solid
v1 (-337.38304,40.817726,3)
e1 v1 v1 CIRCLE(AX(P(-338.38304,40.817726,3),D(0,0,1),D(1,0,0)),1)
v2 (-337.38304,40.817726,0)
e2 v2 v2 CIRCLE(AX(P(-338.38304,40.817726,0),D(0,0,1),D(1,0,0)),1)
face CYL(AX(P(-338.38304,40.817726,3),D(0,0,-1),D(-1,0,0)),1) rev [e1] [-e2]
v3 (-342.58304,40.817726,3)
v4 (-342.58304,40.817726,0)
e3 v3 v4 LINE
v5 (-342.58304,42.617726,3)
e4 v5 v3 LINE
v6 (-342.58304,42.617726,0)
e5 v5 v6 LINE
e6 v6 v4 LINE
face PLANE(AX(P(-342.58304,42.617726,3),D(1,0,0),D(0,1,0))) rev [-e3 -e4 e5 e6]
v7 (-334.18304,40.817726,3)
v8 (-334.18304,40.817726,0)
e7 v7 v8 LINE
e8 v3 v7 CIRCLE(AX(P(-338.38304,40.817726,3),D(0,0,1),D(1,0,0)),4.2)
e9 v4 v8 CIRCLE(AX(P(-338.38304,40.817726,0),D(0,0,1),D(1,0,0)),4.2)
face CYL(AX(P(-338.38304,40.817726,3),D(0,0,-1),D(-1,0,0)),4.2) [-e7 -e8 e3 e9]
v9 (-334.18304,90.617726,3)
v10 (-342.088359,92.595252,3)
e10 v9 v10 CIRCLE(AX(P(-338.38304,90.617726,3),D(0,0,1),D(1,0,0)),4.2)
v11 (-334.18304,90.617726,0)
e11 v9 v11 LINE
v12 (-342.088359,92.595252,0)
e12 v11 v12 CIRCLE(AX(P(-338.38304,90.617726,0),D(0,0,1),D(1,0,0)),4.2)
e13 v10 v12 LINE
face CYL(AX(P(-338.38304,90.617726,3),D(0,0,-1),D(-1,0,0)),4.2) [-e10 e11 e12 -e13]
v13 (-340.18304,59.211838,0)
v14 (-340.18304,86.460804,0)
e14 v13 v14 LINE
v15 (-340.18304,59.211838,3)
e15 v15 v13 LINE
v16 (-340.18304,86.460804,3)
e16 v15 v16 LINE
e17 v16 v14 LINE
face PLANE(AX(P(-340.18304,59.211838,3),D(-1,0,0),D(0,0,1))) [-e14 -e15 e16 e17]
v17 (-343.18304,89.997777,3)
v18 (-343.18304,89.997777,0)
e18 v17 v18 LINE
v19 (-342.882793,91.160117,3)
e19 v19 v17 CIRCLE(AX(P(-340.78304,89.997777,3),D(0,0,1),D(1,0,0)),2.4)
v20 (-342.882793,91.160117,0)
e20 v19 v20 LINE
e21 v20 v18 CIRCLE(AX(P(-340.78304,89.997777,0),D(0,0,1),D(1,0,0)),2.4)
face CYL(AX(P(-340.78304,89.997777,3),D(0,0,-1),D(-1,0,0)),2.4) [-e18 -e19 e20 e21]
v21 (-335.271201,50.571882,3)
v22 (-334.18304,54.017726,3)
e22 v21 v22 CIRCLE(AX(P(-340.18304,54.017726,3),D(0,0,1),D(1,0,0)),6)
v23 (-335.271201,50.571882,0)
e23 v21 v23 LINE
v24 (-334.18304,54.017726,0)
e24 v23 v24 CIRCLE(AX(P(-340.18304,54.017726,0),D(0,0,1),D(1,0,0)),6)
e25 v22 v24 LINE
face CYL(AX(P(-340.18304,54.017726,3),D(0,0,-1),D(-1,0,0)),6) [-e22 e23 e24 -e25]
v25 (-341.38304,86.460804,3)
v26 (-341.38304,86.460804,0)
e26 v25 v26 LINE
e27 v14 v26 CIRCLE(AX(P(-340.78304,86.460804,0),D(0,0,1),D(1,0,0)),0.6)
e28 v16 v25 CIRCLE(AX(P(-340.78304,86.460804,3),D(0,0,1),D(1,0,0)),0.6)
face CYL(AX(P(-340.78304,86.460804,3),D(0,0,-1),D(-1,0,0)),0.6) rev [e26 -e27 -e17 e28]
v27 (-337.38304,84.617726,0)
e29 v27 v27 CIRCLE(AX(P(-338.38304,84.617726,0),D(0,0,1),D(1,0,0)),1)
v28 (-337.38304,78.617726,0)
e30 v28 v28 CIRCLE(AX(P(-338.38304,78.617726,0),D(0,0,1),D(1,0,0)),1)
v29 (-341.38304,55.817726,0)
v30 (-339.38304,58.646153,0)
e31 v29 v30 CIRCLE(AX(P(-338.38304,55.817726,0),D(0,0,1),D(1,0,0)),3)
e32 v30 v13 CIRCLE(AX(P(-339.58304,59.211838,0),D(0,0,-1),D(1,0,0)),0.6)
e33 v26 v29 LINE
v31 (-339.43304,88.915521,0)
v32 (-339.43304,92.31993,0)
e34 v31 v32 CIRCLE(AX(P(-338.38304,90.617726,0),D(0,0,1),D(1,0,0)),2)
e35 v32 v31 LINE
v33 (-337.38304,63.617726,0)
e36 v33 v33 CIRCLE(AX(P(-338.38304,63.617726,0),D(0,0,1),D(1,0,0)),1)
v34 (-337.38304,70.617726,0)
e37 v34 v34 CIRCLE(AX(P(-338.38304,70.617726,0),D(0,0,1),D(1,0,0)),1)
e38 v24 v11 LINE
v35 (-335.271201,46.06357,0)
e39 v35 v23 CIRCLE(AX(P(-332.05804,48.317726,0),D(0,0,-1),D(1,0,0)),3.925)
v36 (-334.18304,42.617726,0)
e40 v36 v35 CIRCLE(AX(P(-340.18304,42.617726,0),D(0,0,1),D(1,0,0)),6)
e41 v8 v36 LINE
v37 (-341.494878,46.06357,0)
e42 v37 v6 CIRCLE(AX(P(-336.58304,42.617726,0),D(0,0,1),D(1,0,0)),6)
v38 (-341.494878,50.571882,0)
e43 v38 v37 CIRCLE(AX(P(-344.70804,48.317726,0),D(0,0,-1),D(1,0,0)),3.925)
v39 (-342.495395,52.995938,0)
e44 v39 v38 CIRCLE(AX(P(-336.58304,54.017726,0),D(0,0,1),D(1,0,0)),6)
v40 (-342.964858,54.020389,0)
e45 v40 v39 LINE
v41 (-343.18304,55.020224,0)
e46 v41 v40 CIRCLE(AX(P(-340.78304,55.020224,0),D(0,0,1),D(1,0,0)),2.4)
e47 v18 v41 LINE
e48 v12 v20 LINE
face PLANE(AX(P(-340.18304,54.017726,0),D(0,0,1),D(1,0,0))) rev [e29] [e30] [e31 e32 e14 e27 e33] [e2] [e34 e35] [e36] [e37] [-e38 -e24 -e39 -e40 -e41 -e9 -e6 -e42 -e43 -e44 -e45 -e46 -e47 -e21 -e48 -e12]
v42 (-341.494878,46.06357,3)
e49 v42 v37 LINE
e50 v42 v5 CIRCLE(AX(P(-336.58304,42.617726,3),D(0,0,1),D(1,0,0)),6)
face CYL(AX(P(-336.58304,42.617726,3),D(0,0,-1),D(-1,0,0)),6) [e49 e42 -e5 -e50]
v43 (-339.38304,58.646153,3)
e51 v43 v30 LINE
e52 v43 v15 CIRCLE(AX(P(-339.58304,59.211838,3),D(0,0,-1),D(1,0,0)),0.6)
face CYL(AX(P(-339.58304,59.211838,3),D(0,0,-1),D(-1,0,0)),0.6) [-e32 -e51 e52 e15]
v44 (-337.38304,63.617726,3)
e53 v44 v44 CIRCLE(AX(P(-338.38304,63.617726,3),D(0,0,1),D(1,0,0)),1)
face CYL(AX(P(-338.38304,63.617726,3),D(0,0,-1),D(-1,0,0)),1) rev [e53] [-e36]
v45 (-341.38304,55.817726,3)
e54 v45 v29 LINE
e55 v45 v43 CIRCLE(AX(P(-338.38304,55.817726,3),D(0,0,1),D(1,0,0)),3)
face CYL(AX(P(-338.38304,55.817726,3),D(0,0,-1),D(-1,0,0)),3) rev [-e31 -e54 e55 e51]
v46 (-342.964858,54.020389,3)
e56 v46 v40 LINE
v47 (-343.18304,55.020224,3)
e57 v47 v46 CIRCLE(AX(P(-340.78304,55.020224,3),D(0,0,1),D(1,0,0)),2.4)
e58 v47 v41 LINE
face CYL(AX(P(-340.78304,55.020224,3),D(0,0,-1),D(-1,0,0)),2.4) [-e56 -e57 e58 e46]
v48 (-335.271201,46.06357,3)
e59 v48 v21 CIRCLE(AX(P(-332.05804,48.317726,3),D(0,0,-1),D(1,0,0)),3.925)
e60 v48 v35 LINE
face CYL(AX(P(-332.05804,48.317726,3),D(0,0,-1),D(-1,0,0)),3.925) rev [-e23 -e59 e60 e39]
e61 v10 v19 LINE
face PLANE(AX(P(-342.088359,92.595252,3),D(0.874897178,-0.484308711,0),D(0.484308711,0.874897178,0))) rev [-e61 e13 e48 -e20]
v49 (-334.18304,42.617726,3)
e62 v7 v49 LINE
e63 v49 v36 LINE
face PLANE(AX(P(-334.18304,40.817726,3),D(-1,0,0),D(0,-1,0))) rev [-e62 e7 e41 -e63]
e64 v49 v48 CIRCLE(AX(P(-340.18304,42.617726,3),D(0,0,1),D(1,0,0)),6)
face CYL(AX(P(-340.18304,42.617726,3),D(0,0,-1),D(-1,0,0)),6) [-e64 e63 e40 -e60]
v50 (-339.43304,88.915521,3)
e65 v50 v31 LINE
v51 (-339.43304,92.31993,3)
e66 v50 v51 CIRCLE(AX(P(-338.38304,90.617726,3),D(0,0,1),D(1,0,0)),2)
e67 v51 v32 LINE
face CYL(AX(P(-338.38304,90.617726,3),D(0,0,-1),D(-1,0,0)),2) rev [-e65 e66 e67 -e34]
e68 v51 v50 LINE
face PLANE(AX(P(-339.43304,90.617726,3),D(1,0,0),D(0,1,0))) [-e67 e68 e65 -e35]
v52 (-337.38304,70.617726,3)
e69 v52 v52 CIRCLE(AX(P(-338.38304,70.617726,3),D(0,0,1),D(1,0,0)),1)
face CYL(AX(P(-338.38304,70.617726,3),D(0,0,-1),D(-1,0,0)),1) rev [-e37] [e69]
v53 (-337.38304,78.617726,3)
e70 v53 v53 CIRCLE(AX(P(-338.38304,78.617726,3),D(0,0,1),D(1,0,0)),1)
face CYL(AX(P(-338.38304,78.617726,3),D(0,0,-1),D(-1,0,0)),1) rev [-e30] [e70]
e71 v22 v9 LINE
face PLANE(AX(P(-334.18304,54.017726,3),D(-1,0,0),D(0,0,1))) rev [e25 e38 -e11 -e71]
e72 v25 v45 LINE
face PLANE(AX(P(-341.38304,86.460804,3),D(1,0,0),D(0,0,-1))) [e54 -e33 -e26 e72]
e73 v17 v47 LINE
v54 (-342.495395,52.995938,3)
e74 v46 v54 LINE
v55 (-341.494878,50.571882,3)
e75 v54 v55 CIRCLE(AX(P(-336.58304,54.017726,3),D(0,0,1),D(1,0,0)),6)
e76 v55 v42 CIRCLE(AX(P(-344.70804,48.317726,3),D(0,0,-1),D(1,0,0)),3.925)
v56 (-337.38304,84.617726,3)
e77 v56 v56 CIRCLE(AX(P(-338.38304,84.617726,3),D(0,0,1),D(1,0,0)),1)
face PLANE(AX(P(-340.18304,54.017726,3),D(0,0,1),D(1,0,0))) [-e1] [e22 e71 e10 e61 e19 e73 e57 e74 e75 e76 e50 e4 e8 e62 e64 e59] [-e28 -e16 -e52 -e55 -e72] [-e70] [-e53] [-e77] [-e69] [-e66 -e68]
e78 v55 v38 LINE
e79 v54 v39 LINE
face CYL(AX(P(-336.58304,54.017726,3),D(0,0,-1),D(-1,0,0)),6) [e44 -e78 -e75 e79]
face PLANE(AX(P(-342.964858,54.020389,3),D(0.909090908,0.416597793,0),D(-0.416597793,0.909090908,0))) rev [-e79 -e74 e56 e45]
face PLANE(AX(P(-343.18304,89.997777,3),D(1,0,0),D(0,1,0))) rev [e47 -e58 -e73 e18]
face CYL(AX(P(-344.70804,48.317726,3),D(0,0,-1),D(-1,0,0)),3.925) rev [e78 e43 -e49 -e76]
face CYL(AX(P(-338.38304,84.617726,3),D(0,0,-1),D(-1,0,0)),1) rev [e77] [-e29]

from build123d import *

# Parameters (mm, degrees)
SKETCH_1_R      = 1
EXTRUDE_1_DEPTH = 3


with BuildPart() as part:
    # 草图1 → 凸台-拉伸1 (new body)
    with BuildSketch(Plane.XY):
        with BuildLine():
            Line((-334.183039587, 54.017725717), (-334.183039587, 90.617725717))
            ThreePointArc((-334.183039587, 90.617725717), (-337.363809396, 94.692179032), (-342.088358548, 92.595252304))
            Line((-342.088358548, 92.595252304), (-342.882792815, 91.160117477))
            ThreePointArc((-342.882792815, 91.160117477), (-343.106765877, 90.598023292), (-343.183039587, 89.99777657))
            Line((-343.183039587, 89.99777657), (-343.183039587, 55.020224039))
            ThreePointArc((-343.183039587, 55.020224039), (-343.127859797, 54.508542317), (-342.964857766, 54.020389337))
            Line((-342.964857766, 54.020389337), (-342.495395341, 52.995938343))
            ThreePointArc((-342.495395341, 52.995938343), (-342.129192245, 51.728579438), (-341.494878378, 50.571881888))
            ThreePointArc((-341.494878378, 50.571881888), (-340.783039587, 48.317725717), (-341.494878378, 46.063569546))
            ThreePointArc((-341.494878378, 46.063569546), (-342.304535578, 44.424513925), (-342.583039587, 42.617725717))
            Line((-342.583039587, 42.617725717), (-342.583039587, 40.817725717))
            ThreePointArc((-342.583039587, 40.817725717), (-338.383039587, 36.617725717), (-334.183039587, 40.817725717))
            Line((-334.183039587, 40.817725717), (-334.183039587, 42.617725717))
            ThreePointArc((-334.183039587, 42.617725717), (-334.461543596, 44.424513925), (-335.271200796, 46.063569546))
            ThreePointArc((-335.271200796, 46.063569546), (-335.983039587, 48.317725717), (-335.271200796, 50.571881888))
            ThreePointArc((-335.271200796, 50.571881888), (-334.461543596, 52.21093751), (-334.183039587, 54.017725717))
        make_face()
        with Locations((-338.383039587, 84.617725717)):
            Circle(SKETCH_1_R, mode=Mode.SUBTRACT)
        with Locations((-338.383039587, 78.617725717)):
            Circle(SKETCH_1_R, mode=Mode.SUBTRACT)
        with Locations((-338.383039587, 40.817725717)):
            Circle(SKETCH_1_R, mode=Mode.SUBTRACT)
        with Locations((-338.383039587, 63.617725717)):
            Circle(SKETCH_1_R, mode=Mode.SUBTRACT)
        with Locations((-338.383039587, 70.617725717)):
            Circle(SKETCH_1_R, mode=Mode.SUBTRACT)
        with BuildLine():
            Line((-340.183039587, 59.211838267), (-340.183039587, 86.460803779))
            ThreePointArc((-340.183039587, 86.460803779), (-340.783039587, 87.060803779), (-341.383039587, 86.460803779))
            Line((-341.383039587, 86.460803779), (-341.383039587, 55.817725717))
            ThreePointArc((-341.383039587, 55.817725717), (-335.933549844, 54.08567491), (-339.383039587, 58.646152842))
            ThreePointArc((-339.383039587, 58.646152842), (-339.929449749, 58.721940318), (-340.183039587, 59.211838267))
        make_face(mode=Mode.SUBTRACT)
        with BuildLine():
            Line((-339.433039587, 90.617725717), (-339.433039587, 88.915521264))
            ThreePointArc((-339.433039587, 88.915521264), (-336.383039587, 90.617725717), (-339.433039587, 92.31993017))
            Line((-339.433039587, 92.31993017), (-339.433039587, 90.617725717))
        make_face(mode=Mode.SUBTRACT)
    extrude(amount=EXTRUDE_1_DEPTH)


solid = part.part
